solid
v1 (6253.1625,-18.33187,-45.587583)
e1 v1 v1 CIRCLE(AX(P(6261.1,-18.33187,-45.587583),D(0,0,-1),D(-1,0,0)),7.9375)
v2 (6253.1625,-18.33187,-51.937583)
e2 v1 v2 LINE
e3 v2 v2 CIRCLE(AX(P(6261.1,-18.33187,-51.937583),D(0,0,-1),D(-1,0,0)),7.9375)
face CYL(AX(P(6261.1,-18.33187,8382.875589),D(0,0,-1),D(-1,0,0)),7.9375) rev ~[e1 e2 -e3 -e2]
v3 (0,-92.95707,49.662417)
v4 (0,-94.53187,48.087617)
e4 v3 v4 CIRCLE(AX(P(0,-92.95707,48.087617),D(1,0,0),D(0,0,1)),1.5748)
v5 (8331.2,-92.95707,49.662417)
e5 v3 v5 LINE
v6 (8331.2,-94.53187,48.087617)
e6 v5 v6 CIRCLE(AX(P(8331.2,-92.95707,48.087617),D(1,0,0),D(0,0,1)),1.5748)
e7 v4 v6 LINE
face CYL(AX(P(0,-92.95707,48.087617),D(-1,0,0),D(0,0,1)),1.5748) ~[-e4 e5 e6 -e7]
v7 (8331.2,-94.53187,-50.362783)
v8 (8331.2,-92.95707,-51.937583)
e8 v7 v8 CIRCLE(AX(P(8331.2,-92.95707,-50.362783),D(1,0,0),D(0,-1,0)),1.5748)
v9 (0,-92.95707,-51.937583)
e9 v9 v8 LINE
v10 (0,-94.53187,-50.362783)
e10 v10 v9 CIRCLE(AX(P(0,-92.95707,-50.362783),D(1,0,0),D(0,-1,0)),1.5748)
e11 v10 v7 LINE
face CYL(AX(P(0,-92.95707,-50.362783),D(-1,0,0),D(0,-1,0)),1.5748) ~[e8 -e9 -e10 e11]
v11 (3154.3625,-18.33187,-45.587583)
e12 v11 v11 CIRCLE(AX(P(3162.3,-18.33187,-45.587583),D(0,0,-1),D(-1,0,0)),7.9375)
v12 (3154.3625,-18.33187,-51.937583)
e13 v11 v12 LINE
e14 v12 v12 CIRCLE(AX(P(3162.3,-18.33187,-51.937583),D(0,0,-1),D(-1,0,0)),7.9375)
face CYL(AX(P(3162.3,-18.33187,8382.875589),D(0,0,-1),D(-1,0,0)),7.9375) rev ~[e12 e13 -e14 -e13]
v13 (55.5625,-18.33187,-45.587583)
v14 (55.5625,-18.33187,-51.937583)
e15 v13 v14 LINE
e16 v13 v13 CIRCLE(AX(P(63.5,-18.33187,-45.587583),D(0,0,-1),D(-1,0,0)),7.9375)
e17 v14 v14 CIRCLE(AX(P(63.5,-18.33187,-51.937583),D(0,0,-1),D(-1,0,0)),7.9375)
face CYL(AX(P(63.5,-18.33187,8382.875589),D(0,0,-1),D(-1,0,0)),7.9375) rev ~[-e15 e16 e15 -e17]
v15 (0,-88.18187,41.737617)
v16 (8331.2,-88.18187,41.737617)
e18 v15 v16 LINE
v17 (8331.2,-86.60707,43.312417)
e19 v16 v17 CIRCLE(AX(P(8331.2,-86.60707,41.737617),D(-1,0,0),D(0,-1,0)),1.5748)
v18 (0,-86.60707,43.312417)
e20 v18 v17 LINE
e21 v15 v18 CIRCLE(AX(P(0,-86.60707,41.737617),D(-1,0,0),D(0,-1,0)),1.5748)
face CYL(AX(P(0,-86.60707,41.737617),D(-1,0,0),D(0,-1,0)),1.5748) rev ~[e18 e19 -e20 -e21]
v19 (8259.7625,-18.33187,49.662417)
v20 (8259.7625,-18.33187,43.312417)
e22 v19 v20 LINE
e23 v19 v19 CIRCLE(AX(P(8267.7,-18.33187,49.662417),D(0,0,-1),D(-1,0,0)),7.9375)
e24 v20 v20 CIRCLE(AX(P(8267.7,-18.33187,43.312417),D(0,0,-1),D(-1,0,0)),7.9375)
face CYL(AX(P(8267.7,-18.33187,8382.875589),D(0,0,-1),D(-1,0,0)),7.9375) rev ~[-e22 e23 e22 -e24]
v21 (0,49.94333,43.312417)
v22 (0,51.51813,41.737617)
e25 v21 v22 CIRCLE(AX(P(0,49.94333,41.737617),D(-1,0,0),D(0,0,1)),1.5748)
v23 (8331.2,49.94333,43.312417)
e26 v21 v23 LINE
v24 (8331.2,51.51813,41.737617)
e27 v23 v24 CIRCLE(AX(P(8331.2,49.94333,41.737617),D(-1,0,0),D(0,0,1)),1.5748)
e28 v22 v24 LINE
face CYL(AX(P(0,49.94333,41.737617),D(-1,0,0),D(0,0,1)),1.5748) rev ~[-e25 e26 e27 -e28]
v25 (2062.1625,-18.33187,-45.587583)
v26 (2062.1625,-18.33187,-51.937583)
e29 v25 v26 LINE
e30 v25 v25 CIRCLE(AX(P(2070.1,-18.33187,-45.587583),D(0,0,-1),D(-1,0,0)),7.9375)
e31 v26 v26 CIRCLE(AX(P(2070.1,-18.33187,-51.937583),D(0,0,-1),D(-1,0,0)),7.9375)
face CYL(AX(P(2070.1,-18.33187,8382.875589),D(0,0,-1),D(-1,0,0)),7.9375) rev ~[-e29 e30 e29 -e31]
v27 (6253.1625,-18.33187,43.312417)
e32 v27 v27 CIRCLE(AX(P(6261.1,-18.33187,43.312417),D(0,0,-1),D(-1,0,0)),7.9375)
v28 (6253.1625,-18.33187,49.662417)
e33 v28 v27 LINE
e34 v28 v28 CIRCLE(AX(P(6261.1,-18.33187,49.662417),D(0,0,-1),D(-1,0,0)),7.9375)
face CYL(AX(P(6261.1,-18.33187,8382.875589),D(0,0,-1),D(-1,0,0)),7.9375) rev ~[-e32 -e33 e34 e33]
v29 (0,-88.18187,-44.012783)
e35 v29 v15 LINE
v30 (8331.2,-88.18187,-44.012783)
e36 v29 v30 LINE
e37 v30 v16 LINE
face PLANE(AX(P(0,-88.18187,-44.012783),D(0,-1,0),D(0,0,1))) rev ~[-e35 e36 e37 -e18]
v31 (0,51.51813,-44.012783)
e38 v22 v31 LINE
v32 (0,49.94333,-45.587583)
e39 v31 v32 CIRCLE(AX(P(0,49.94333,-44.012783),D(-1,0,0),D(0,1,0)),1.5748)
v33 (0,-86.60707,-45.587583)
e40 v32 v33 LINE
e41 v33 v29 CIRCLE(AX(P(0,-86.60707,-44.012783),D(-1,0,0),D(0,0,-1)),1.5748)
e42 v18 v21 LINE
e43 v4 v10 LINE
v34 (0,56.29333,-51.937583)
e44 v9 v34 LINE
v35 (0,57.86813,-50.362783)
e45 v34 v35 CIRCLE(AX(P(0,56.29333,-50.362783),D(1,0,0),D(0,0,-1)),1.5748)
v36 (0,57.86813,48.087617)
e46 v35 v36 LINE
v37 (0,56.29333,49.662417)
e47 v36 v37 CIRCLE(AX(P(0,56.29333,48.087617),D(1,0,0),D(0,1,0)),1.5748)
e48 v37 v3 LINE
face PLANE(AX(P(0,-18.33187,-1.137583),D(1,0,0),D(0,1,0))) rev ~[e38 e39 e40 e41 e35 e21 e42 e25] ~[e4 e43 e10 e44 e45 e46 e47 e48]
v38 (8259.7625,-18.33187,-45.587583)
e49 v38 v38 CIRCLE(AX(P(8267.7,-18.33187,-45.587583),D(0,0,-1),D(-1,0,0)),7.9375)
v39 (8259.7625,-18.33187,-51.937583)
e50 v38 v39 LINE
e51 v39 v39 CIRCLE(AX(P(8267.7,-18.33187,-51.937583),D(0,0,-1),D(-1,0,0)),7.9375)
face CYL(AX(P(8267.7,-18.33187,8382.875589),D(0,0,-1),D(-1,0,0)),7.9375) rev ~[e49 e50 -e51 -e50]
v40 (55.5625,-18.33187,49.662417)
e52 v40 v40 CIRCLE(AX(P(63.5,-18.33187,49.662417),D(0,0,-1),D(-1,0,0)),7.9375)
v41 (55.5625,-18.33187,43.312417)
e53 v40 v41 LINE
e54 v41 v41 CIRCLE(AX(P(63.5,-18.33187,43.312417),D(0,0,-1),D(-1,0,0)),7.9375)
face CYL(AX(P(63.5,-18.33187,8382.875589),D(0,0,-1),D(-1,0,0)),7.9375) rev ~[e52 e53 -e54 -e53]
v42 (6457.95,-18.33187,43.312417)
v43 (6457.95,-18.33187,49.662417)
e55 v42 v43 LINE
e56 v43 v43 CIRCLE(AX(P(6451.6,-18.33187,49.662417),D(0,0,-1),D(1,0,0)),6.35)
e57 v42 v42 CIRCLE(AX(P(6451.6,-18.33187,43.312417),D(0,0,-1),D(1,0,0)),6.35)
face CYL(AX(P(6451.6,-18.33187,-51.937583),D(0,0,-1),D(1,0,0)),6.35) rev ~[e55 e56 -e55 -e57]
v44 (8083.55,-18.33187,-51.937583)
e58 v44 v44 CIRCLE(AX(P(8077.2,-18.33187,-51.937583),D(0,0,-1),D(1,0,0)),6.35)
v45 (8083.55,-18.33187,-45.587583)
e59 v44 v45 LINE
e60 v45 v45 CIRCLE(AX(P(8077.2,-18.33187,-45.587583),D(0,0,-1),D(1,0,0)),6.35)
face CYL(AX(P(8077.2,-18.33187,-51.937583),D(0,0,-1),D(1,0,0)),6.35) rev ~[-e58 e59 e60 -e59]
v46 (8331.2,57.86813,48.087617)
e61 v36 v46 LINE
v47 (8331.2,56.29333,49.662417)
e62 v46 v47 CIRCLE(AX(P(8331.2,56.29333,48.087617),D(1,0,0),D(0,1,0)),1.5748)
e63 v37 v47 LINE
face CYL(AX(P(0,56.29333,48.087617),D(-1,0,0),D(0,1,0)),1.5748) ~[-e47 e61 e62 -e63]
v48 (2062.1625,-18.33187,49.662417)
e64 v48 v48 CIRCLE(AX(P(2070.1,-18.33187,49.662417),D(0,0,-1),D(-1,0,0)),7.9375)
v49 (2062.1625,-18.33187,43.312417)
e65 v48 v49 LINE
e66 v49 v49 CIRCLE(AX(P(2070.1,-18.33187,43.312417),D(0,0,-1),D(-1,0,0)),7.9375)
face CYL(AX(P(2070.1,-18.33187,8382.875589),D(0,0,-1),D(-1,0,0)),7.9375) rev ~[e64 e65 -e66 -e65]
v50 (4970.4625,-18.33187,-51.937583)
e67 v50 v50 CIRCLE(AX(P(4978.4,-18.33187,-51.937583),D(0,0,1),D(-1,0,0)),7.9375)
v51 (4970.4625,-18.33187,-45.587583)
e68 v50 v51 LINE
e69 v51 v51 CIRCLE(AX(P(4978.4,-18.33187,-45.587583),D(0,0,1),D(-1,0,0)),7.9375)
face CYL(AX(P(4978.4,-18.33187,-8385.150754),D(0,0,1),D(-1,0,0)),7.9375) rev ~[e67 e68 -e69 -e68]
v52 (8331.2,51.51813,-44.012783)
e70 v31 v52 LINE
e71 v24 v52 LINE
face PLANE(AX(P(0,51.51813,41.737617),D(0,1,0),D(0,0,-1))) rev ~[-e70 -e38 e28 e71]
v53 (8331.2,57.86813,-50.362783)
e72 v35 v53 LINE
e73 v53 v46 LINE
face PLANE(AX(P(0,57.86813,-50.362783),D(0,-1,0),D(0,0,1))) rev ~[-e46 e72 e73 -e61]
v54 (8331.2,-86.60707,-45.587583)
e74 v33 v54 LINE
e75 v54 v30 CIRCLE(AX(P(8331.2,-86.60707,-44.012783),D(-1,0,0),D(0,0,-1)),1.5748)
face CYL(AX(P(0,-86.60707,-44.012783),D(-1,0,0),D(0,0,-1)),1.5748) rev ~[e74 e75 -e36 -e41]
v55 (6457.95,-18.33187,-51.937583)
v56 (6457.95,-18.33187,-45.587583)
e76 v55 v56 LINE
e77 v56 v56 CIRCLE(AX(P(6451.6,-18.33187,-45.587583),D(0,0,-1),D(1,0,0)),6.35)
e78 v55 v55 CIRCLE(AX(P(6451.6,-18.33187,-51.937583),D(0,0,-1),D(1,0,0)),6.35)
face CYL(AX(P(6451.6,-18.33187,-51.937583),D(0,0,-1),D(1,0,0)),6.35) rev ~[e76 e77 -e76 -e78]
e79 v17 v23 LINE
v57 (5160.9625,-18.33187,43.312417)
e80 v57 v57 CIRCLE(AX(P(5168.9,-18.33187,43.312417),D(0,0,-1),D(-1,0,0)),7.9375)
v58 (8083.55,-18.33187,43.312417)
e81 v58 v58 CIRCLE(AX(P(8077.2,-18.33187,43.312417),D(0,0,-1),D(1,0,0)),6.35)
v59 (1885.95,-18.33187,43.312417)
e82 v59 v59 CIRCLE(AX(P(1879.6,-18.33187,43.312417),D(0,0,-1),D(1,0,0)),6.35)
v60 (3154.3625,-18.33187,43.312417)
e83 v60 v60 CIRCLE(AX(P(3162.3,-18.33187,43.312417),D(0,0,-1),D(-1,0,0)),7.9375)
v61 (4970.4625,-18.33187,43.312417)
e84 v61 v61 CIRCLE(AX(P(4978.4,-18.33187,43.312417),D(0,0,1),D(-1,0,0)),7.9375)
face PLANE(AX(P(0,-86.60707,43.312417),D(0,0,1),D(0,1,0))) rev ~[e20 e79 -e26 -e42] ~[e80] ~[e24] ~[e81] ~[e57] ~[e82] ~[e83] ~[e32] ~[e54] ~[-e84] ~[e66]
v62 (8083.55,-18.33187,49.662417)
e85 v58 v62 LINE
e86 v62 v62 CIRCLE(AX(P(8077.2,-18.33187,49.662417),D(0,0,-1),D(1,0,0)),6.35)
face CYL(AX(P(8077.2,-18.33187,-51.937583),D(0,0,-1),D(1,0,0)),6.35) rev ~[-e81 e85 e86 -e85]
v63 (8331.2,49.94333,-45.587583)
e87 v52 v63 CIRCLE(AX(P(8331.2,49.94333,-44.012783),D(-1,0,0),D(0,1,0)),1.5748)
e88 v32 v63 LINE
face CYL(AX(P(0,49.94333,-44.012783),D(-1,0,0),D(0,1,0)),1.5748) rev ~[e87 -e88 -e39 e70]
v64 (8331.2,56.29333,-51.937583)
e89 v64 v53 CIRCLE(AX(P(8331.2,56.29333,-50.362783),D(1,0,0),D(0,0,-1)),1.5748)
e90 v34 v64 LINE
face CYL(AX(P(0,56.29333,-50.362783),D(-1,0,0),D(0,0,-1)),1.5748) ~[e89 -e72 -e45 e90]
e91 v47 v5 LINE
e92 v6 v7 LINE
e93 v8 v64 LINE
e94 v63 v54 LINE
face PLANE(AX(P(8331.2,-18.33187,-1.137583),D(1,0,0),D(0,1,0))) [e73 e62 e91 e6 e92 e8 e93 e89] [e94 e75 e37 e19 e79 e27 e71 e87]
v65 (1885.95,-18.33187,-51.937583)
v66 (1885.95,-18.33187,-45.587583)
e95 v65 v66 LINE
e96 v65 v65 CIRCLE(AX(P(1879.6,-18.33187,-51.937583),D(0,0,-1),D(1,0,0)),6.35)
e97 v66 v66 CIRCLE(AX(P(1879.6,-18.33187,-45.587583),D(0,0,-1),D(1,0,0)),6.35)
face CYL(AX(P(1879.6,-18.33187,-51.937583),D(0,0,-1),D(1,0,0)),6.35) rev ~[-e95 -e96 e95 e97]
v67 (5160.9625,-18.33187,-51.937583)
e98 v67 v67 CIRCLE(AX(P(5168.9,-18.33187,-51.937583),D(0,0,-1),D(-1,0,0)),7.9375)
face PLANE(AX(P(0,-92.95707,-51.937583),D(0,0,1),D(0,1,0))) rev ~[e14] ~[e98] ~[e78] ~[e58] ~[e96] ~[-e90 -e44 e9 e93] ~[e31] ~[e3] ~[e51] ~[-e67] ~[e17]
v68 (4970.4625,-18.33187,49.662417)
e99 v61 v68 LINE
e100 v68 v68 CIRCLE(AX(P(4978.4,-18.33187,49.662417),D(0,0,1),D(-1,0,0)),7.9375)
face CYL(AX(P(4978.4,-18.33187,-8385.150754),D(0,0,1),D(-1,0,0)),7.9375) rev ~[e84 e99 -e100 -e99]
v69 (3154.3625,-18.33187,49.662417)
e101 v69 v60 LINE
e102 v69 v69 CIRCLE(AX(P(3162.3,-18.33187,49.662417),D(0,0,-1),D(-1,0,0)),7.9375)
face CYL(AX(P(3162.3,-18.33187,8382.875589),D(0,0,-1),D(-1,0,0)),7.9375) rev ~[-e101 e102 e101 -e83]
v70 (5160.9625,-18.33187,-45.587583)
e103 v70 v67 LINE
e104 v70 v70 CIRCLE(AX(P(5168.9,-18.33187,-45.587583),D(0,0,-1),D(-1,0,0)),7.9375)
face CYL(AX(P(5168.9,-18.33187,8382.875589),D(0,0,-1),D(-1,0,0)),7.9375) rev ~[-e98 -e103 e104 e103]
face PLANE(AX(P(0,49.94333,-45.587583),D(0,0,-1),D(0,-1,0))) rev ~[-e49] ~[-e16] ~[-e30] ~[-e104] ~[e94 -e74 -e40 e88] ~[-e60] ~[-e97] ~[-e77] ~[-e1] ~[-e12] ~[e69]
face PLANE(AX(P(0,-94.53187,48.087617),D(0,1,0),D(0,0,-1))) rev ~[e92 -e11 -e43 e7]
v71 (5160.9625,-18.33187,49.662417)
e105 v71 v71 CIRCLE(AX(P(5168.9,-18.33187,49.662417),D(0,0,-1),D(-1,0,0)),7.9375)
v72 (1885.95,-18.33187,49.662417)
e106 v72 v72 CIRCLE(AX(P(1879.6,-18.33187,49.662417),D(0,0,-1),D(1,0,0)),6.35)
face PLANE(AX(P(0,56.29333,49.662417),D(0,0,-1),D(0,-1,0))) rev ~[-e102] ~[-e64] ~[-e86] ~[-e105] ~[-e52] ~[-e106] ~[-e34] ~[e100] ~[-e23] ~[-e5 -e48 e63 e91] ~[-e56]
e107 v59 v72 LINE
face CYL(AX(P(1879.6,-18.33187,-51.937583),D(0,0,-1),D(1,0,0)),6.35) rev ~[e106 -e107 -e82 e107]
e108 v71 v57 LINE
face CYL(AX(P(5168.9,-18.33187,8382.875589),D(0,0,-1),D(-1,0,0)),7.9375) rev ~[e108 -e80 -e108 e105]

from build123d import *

# Parameters (mm, degrees)
F1_DEPTH   = 8331.2
F2_R       = 6.35
F3_DEPTH   = 101.601
F5_D       = 15.875
F5_ON_F2_D = 15.875


with BuildPart() as f1:
    # F0 (on Right) → F1 (new body)
    with BuildSketch(Plane.YZ):
        with BuildLine():
            Line((-92.9570702586, -51.9375825852), (56.2933297414, -51.9375825852))
            ThreePointArc((56.2933297414, -51.9375825852), (57.4068815005, -51.4763343442), (57.8681297414, -50.3627825852))
            Line((57.8681297414, -50.3627825852), (57.8681297414, 48.0876174148))
            ThreePointArc((57.8681297414, 48.0876174148), (57.4068815005, 49.2011691738), (56.2933297414, 49.6624174148))
            Line((56.2933297414, 49.6624174148), (-92.9570702586, 49.6624174148))
            ThreePointArc((-92.9570702586, 49.6624174148), (-94.0706220176, 49.2011691738), (-94.5318702586, 48.0876174148))
            Line((-94.5318702586, 48.0876174148), (-94.5318702586, -50.3627825852))
            ThreePointArc((-94.5318702586, -50.3627825852), (-94.0706220176, -51.4763343442), (-92.9570702586, -51.9375825852))
        make_face()
        with BuildLine():
            ThreePointArc((-88.1818702586, 41.7376174148), (-87.7206220176, 42.8511691738), (-86.6070702586, 43.3124174148))
            Line((-86.6070702586, 43.3124174148), (49.9433297414, 43.3124174148))
            ThreePointArc((49.9433297414, 43.3124174148), (51.0568815005, 42.8511691738), (51.5181297414, 41.7376174148))
            Line((51.5181297414, 41.7376174148), (51.5181297414, -44.0127825852))
            ThreePointArc((51.5181297414, -44.0127825852), (51.0568815005, -45.1263343442), (49.9433297414, -45.5875825852))
            Line((49.9433297414, -45.5875825852), (-86.6070702586, -45.5875825852))
            ThreePointArc((-86.6070702586, -45.5875825852), (-87.7206220176, -45.1263343442), (-88.1818702586, -44.0127825852))
            Line((-88.1818702586, -44.0127825852), (-88.1818702586, 41.7376174148))
        make_face(mode=Mode.SUBTRACT)
    extrude(amount=F1_DEPTH)

    # F2 (on face) → F3 (cut, through all)
    with BuildSketch(Plane(origin=(0, 0, -51.9375825852), x_dir=(1, 0, 0), z_dir=(0, 0, -1))):
        with Locations((8077.2, 18.3318702586)):
            Circle(F2_R)
        with Locations((6451.6, 18.3318702586)):
            Circle(F2_R)
        with Locations((1879.6, 18.3318702586)):
            Circle(F2_R)
    extrude(amount=-F3_DEPTH, mode=Mode.SUBTRACT)

    # F5 (through all)
    with Locations(Plane.XY.offset(49.6624174148)):
        with Locations((6261.1, -18.3318702586), (8267.7, -18.3318702586), (3162.3, -18.3318702586), (2070.1, -18.3318702586), (63.5, -18.3318702586), (5168.9, -18.3318702586)):
            Hole(F5_D / 2)

    # F5 on F2 (through all)
    with Locations(Plane(origin=(0, 0, -51.9375825852), x_dir=(1, 0, 0), z_dir=(0, 0, -1))):
        with Locations((4978.4, 18.3318702586)):
            Hole(F5_ON_F2_D / 2)


solid = f1.part
